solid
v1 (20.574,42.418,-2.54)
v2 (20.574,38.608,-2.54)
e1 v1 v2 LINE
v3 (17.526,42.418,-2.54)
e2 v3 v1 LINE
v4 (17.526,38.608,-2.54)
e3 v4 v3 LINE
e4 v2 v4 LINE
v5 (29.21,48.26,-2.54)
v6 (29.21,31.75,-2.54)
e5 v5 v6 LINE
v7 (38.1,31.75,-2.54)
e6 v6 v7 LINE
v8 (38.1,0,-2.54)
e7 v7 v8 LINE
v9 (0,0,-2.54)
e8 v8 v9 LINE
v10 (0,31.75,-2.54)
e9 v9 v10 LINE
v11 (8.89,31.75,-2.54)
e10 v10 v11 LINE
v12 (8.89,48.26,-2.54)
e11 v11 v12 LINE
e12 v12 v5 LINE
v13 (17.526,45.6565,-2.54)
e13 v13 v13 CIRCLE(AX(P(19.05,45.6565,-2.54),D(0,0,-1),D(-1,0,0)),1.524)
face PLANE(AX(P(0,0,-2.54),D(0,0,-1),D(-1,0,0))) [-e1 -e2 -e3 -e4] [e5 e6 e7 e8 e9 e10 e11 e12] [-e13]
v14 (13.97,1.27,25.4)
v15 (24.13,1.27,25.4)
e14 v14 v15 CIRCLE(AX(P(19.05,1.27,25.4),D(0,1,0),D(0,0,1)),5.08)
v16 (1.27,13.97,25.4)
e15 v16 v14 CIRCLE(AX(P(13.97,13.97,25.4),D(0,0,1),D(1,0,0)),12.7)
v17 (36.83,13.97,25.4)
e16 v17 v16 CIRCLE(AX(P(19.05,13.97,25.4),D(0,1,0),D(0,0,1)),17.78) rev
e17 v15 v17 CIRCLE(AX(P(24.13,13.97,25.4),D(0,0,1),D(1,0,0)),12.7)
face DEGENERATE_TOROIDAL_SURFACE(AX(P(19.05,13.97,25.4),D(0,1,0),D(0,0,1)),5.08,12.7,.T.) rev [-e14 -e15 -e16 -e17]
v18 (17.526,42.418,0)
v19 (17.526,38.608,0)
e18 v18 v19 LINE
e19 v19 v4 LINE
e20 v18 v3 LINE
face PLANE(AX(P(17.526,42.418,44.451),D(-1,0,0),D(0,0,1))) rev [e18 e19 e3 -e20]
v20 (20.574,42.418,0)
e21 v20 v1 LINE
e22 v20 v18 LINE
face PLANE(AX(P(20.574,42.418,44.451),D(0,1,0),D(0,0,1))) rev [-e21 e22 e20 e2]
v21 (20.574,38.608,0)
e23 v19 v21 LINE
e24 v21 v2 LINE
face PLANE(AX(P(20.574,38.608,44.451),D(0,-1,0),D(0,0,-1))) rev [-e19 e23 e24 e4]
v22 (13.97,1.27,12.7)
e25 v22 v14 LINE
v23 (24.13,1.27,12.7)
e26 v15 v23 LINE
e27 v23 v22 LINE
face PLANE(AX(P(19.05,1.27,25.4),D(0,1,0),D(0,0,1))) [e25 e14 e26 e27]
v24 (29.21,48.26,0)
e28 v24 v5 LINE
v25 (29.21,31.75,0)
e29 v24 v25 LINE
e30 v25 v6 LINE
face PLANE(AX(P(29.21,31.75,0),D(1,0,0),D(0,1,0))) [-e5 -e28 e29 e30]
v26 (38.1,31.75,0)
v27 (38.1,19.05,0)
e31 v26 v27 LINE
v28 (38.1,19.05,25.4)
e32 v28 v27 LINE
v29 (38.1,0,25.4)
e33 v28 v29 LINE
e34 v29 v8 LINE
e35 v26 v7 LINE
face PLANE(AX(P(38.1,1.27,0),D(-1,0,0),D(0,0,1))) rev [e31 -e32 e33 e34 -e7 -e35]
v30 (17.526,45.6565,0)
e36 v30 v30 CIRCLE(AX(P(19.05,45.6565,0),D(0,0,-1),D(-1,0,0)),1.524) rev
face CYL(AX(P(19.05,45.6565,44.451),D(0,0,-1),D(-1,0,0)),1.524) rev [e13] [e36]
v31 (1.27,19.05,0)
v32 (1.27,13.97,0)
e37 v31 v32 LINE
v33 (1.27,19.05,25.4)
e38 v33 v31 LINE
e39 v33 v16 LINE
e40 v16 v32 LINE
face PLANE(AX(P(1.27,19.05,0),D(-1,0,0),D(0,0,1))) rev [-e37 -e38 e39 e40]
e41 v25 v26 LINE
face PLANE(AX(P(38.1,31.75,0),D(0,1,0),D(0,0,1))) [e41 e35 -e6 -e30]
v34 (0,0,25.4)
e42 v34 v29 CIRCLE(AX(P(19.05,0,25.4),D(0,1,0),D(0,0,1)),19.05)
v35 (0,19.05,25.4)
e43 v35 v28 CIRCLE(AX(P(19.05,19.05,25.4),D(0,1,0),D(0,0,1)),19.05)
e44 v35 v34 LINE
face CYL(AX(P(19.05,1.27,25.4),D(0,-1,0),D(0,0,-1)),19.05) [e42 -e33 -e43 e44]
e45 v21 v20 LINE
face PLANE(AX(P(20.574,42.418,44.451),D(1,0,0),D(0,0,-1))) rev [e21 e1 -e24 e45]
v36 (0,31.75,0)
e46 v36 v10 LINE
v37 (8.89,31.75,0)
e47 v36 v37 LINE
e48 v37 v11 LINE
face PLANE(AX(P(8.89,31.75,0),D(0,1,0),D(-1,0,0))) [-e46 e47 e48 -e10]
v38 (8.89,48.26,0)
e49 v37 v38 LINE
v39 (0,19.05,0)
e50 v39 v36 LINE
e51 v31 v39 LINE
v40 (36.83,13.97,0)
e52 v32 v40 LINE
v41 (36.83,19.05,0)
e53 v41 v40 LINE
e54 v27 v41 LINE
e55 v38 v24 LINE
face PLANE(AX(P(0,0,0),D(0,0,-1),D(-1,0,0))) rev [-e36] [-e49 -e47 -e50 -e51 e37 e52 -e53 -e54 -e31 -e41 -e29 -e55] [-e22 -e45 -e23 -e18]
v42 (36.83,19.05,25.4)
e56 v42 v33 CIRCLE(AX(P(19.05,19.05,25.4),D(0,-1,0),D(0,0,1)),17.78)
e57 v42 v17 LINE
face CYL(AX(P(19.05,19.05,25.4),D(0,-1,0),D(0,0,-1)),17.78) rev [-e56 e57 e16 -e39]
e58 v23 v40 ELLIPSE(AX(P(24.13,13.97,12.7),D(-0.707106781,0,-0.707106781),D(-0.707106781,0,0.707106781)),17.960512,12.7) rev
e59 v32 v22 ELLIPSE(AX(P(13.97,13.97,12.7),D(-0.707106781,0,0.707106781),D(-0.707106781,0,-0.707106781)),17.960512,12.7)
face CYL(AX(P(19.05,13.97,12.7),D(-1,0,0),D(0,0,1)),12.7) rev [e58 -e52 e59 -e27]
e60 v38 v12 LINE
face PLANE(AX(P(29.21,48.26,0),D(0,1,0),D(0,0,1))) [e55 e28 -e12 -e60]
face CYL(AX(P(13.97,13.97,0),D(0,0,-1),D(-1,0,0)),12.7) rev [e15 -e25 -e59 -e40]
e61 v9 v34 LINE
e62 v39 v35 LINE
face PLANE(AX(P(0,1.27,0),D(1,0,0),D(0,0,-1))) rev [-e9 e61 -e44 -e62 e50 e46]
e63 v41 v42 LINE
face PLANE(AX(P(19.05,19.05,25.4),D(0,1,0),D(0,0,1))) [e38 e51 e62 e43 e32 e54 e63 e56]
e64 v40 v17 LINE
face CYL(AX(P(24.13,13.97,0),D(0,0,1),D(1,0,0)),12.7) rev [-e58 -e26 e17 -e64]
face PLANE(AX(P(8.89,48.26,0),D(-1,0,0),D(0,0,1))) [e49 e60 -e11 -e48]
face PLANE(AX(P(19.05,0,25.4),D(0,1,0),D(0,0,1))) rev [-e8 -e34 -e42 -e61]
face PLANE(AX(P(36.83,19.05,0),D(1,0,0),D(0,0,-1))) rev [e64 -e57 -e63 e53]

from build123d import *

# Parameters (mm, degrees)
BOSS_EXTRUDE1_DEPTH = 1.27
BOSS_EXTRUDE3_DEPTH = 17.78
SKETCH5_W           = 38.1
SKETCH5_H           = 19.05
BOSS_EXTRUDE4_DEPTH = 2.54
FILLET1_R           = 12.7
BOSS_EXTRUDE5_DEPTH = 2.54
CUT_EXTRUDE6_REACH  = 48.99
SKETCH12_R          = 1.524
SKETCH12_W          = 3.048
SKETCH12_H          = 3.81


with BuildPart() as part:
    # Sketch1 → Boss-Extrude1 (new body)
    with BuildSketch(Plane(origin=(0, 0, 0), x_dir=(1, 0, 0), z_dir=(0, 1, 0))):
        with BuildLine():
            Line((0, 0), (38.1, 0))
            Line((38.1, 0), (38.1, -25.4))
            ThreePointArc((38.1, -25.4), (19.05, -44.45), (0, -25.4))
            Line((0, -25.4), (0, 0))
        make_face()
    extrude(amount=BOSS_EXTRUDE1_DEPTH)

    # Sketch3 → Boss-Extrude3 (add)
    with BuildSketch(Plane(origin=(0, 1.27, 0), x_dir=(1, 0, 0), z_dir=(0, 1, 0))):
        with BuildLine():
            Line((0, 0), (0, -25.4))
            ThreePointArc((0, -25.4), (19.05, -44.45), (38.1, -25.4))
            Line((38.1, -25.4), (38.1, 0))
            Line((38.1, 0), (36.83, 0))
            Line((36.83, 0), (36.83, -25.4))
            ThreePointArc((36.83, -25.4), (19.05, -43.18), (1.27, -25.4))
            Line((1.27, -25.4), (1.27, 0))
            Line((1.27, 0), (0, 0))
        make_face()
    extrude(amount=BOSS_EXTRUDE3_DEPTH)

    # Sketch5 → Boss-Extrude4 (add)
    with BuildSketch(Plane(origin=(0, 0, 0), x_dir=(-1, 0, 0), z_dir=(0, 0, -1))):
        with Locations((-19.05, 9.525)):
            Rectangle(SKETCH5_W, SKETCH5_H)
    extrude(amount=BOSS_EXTRUDE4_DEPTH)

    # Fillet1
    fillet1_edges = [part.edges().sort_by_distance(p)[0] for p in [
        (19.05, 1.27, 0),
        (36.83, 1.27, 12.7),
        (19.05, 1.27, 43.18),
        (1.27, 1.27, 12.7),
    ]]
    fillet(fillet1_edges, radius=FILLET1_R)

    # Sketch10 → Boss-Extrude5 (add)
    with BuildSketch(Plane(origin=(0, 0, -2.54), x_dir=(-1, 0, 0), z_dir=(0, 0, -1))):
        Polygon((-29.21, 31.75), (-29.21, 48.26), (-8.89, 48.26), (-8.89, 31.75), (0, 31.75), (0, 19.05), (-38.1, 19.05), (-38.1, 31.75), align=None)
    extrude(amount=-BOSS_EXTRUDE5_DEPTH)

    # Sketch12 → Cut-Extrude6 (cut, up to next)
    with BuildSketch(Plane(origin=(0, 0, -2.54), x_dir=(-1, 0, 0), z_dir=(0, 0, -1)), mode=Mode.PRIVATE) as cut_extrude6_sk1:
        with Locations((-19.05, 45.6565)):
            Circle(SKETCH12_R)
    cut_extrude6_tool1 = extrude(cut_extrude6_sk1.sketch, amount=-CUT_EXTRUDE6_REACH, mode=Mode.PRIVATE) & part.part
    add(cut_extrude6_tool1.solids().sort_by_distance((19.05, 45.6565, -2.54))[0], mode=Mode.SUBTRACT)
    # Sketch12 → Cut-Extrude6 (cut, up to next)
    with BuildSketch(Plane(origin=(0, 0, -2.54), x_dir=(-1, 0, 0), z_dir=(0, 0, -1)), mode=Mode.PRIVATE) as cut_extrude6_sk2:
        with Locations((-19.05, 40.513)):
            Rectangle(SKETCH12_W, SKETCH12_H)
    cut_extrude6_tool2 = extrude(cut_extrude6_sk2.sketch, amount=-CUT_EXTRUDE6_REACH, mode=Mode.PRIVATE) & part.part
    add(cut_extrude6_tool2.solids().sort_by_distance((19.05, 40.513, -2.54))[0], mode=Mode.SUBTRACT)


solid = part.part
